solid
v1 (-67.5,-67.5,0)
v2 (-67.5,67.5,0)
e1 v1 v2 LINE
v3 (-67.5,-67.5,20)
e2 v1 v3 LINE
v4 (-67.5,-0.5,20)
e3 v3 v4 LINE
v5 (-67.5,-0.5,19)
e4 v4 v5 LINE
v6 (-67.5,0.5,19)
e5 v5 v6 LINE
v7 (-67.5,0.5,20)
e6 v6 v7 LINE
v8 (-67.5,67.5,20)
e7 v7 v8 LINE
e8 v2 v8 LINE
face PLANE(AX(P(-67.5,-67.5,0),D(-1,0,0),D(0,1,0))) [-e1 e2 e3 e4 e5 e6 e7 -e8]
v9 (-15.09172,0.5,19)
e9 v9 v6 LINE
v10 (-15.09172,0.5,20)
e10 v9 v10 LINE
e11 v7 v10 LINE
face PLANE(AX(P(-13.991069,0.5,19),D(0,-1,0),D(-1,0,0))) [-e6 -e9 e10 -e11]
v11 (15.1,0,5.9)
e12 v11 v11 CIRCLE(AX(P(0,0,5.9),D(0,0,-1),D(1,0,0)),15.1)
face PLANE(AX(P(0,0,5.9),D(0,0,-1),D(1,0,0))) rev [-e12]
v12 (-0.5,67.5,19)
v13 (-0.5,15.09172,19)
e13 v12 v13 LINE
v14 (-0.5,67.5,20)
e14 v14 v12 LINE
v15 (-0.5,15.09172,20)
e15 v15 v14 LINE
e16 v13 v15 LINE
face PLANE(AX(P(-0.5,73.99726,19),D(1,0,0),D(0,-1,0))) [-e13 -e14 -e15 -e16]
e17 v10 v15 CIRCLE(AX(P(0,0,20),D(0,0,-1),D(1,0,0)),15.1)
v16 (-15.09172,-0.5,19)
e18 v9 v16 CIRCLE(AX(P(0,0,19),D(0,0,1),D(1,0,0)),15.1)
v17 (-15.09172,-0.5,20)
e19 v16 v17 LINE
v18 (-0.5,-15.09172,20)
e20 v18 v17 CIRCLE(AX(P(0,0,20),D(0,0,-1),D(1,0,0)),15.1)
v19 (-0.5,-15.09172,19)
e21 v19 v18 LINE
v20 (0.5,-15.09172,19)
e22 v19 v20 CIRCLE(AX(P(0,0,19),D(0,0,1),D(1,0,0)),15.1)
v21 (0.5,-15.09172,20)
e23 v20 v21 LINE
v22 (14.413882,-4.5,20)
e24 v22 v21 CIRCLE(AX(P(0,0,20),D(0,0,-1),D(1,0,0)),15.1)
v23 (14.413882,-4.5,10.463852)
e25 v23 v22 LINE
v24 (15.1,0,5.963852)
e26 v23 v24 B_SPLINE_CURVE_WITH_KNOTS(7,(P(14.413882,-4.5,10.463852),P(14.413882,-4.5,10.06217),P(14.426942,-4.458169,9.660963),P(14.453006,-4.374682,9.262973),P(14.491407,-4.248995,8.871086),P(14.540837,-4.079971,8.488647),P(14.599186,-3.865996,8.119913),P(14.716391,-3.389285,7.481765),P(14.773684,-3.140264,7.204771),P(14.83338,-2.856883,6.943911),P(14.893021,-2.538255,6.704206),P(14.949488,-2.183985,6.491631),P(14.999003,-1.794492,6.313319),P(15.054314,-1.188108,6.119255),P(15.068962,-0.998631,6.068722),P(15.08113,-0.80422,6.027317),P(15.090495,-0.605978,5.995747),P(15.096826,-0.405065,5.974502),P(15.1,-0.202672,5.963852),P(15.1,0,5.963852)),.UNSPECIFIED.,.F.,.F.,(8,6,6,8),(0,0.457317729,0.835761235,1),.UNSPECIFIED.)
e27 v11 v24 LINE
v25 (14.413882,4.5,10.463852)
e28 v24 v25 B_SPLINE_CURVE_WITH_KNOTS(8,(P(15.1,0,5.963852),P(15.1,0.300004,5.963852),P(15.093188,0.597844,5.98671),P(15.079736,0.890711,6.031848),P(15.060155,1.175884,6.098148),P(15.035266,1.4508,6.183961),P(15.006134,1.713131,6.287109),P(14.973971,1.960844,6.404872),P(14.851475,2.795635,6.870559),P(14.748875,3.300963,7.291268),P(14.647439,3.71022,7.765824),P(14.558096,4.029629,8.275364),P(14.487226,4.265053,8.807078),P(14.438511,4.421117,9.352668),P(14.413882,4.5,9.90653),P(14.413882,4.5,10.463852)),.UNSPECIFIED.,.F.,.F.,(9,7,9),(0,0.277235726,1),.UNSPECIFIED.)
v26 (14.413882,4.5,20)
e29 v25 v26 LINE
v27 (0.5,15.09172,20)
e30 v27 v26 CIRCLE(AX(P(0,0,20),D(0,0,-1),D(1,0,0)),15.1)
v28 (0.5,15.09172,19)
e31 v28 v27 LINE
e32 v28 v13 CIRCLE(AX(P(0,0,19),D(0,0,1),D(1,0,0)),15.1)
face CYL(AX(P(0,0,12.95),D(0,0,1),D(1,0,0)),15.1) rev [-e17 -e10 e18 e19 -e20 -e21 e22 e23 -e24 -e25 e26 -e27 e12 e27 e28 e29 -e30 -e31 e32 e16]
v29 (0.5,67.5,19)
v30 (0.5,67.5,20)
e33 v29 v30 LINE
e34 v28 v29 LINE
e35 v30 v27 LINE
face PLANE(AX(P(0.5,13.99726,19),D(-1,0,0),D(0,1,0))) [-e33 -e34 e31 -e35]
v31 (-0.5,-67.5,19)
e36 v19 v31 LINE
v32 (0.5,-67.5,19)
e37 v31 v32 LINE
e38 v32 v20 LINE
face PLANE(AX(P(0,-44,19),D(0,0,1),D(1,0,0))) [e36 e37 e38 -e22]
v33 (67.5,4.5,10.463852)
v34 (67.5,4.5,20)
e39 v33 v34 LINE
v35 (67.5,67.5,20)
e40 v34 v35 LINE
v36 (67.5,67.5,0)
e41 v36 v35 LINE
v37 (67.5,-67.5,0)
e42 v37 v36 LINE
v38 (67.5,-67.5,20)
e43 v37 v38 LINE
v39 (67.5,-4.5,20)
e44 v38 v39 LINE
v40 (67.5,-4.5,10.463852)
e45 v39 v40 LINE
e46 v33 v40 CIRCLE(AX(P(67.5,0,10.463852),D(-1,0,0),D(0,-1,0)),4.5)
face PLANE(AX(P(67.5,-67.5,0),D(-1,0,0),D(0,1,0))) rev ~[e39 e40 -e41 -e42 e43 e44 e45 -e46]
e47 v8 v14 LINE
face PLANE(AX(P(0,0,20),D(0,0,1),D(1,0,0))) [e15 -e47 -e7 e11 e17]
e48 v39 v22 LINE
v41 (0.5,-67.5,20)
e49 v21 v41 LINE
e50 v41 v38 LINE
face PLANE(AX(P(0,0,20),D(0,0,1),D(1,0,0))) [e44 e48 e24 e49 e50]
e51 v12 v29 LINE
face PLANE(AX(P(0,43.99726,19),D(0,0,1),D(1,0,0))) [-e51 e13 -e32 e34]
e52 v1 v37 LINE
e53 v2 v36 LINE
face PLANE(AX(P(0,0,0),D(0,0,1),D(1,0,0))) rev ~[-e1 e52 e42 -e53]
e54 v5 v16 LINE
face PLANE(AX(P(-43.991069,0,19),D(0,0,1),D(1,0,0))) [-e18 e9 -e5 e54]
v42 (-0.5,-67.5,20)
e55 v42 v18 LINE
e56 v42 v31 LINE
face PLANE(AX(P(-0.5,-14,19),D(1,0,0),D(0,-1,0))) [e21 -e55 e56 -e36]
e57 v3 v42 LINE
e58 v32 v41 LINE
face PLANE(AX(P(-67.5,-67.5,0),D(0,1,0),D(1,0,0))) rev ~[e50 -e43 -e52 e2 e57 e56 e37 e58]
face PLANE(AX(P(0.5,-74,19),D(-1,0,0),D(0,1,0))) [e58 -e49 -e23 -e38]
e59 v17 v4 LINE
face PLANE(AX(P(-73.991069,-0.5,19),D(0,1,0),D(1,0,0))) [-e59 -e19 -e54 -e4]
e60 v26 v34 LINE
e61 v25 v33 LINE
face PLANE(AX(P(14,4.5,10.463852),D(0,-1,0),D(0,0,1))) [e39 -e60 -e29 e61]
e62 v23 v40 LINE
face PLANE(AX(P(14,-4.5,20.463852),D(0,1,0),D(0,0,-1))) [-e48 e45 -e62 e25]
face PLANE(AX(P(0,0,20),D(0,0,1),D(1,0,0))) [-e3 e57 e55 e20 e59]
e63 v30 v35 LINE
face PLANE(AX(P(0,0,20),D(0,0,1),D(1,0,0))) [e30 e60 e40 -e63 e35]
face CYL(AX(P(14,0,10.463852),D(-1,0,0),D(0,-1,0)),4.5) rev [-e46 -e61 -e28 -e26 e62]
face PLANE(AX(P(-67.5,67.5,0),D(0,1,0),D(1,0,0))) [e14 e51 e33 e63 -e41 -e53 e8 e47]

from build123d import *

# Parameters (mm, degrees)
F3_W     = 135
F3_H     = 135
F4_DEPTH = 20
F0_W     = 15.1
F0_H     = 14.1
F6_START = 14
F6_DEPTH = 136
F7_START = 19
F7_DEPTH = 6


with BuildPart() as f4:
    # F3 (on Top) → F4 (new body)
    with BuildSketch(Plane.XY):
        Rectangle(F3_W, F3_H)
    extrude(amount=F4_DEPTH)

    # F0 (on Front) → F5 (revolve, cut)
    with BuildSketch(Plane.XZ):
        with Locations((7.55, 12.95)):
            Rectangle(F0_W, F0_H)
    revolve(axis=Axis((0, 0, 12.95), (0, 0, -1)), mode=Mode.SUBTRACT)

    # F1 (on Right) → F6 (cut)
    with BuildSketch(Plane.YZ.offset(F6_START)):
        with BuildLine():
            Line((4.5, 20.4638522118), (0, 20.4638522118))
            Line((0, 20.4638522118), (-4.5, 20.4638522118))
            Line((-4.5, 20.4638522118), (-4.5, 10.4638522118))
            ThreePointArc((-4.5, 10.4638522118), (0, 5.9638522118), (4.5, 10.4638522118))
            Line((4.5, 10.4638522118), (4.5, 20.4638522118))
        make_face()
    extrude(amount=F6_DEPTH, mode=Mode.SUBTRACT)

    # F2 (on Top) → F7 (cut)
    with BuildSketch(Plane.XY.offset(F7_START)):
        Polygon((14, 0.5), (14, 0), (14, -0.5), (74, -0.5), (74, 0.5), align=None)
        Polygon((0.5, -14), (0, -14), (-0.5, -14), (-0.5, -74), (0.5, -74), align=None)
        Polygon((-13.9910685796, -0.5), (-13.9910685796, 0), (-13.9910685796, 0.5), (-73.9910685796, 0.5), (-73.9910685796, -0.5), align=None)
        Polygon((-0.5, 73.9972595498), (-0.5, 13.9972595498), (0, 13.9972595498), (0.5, 13.9972595498), (0.5, 73.9972595498), align=None)
    extrude(amount=F7_DEPTH, mode=Mode.SUBTRACT)


solid = f4.part
